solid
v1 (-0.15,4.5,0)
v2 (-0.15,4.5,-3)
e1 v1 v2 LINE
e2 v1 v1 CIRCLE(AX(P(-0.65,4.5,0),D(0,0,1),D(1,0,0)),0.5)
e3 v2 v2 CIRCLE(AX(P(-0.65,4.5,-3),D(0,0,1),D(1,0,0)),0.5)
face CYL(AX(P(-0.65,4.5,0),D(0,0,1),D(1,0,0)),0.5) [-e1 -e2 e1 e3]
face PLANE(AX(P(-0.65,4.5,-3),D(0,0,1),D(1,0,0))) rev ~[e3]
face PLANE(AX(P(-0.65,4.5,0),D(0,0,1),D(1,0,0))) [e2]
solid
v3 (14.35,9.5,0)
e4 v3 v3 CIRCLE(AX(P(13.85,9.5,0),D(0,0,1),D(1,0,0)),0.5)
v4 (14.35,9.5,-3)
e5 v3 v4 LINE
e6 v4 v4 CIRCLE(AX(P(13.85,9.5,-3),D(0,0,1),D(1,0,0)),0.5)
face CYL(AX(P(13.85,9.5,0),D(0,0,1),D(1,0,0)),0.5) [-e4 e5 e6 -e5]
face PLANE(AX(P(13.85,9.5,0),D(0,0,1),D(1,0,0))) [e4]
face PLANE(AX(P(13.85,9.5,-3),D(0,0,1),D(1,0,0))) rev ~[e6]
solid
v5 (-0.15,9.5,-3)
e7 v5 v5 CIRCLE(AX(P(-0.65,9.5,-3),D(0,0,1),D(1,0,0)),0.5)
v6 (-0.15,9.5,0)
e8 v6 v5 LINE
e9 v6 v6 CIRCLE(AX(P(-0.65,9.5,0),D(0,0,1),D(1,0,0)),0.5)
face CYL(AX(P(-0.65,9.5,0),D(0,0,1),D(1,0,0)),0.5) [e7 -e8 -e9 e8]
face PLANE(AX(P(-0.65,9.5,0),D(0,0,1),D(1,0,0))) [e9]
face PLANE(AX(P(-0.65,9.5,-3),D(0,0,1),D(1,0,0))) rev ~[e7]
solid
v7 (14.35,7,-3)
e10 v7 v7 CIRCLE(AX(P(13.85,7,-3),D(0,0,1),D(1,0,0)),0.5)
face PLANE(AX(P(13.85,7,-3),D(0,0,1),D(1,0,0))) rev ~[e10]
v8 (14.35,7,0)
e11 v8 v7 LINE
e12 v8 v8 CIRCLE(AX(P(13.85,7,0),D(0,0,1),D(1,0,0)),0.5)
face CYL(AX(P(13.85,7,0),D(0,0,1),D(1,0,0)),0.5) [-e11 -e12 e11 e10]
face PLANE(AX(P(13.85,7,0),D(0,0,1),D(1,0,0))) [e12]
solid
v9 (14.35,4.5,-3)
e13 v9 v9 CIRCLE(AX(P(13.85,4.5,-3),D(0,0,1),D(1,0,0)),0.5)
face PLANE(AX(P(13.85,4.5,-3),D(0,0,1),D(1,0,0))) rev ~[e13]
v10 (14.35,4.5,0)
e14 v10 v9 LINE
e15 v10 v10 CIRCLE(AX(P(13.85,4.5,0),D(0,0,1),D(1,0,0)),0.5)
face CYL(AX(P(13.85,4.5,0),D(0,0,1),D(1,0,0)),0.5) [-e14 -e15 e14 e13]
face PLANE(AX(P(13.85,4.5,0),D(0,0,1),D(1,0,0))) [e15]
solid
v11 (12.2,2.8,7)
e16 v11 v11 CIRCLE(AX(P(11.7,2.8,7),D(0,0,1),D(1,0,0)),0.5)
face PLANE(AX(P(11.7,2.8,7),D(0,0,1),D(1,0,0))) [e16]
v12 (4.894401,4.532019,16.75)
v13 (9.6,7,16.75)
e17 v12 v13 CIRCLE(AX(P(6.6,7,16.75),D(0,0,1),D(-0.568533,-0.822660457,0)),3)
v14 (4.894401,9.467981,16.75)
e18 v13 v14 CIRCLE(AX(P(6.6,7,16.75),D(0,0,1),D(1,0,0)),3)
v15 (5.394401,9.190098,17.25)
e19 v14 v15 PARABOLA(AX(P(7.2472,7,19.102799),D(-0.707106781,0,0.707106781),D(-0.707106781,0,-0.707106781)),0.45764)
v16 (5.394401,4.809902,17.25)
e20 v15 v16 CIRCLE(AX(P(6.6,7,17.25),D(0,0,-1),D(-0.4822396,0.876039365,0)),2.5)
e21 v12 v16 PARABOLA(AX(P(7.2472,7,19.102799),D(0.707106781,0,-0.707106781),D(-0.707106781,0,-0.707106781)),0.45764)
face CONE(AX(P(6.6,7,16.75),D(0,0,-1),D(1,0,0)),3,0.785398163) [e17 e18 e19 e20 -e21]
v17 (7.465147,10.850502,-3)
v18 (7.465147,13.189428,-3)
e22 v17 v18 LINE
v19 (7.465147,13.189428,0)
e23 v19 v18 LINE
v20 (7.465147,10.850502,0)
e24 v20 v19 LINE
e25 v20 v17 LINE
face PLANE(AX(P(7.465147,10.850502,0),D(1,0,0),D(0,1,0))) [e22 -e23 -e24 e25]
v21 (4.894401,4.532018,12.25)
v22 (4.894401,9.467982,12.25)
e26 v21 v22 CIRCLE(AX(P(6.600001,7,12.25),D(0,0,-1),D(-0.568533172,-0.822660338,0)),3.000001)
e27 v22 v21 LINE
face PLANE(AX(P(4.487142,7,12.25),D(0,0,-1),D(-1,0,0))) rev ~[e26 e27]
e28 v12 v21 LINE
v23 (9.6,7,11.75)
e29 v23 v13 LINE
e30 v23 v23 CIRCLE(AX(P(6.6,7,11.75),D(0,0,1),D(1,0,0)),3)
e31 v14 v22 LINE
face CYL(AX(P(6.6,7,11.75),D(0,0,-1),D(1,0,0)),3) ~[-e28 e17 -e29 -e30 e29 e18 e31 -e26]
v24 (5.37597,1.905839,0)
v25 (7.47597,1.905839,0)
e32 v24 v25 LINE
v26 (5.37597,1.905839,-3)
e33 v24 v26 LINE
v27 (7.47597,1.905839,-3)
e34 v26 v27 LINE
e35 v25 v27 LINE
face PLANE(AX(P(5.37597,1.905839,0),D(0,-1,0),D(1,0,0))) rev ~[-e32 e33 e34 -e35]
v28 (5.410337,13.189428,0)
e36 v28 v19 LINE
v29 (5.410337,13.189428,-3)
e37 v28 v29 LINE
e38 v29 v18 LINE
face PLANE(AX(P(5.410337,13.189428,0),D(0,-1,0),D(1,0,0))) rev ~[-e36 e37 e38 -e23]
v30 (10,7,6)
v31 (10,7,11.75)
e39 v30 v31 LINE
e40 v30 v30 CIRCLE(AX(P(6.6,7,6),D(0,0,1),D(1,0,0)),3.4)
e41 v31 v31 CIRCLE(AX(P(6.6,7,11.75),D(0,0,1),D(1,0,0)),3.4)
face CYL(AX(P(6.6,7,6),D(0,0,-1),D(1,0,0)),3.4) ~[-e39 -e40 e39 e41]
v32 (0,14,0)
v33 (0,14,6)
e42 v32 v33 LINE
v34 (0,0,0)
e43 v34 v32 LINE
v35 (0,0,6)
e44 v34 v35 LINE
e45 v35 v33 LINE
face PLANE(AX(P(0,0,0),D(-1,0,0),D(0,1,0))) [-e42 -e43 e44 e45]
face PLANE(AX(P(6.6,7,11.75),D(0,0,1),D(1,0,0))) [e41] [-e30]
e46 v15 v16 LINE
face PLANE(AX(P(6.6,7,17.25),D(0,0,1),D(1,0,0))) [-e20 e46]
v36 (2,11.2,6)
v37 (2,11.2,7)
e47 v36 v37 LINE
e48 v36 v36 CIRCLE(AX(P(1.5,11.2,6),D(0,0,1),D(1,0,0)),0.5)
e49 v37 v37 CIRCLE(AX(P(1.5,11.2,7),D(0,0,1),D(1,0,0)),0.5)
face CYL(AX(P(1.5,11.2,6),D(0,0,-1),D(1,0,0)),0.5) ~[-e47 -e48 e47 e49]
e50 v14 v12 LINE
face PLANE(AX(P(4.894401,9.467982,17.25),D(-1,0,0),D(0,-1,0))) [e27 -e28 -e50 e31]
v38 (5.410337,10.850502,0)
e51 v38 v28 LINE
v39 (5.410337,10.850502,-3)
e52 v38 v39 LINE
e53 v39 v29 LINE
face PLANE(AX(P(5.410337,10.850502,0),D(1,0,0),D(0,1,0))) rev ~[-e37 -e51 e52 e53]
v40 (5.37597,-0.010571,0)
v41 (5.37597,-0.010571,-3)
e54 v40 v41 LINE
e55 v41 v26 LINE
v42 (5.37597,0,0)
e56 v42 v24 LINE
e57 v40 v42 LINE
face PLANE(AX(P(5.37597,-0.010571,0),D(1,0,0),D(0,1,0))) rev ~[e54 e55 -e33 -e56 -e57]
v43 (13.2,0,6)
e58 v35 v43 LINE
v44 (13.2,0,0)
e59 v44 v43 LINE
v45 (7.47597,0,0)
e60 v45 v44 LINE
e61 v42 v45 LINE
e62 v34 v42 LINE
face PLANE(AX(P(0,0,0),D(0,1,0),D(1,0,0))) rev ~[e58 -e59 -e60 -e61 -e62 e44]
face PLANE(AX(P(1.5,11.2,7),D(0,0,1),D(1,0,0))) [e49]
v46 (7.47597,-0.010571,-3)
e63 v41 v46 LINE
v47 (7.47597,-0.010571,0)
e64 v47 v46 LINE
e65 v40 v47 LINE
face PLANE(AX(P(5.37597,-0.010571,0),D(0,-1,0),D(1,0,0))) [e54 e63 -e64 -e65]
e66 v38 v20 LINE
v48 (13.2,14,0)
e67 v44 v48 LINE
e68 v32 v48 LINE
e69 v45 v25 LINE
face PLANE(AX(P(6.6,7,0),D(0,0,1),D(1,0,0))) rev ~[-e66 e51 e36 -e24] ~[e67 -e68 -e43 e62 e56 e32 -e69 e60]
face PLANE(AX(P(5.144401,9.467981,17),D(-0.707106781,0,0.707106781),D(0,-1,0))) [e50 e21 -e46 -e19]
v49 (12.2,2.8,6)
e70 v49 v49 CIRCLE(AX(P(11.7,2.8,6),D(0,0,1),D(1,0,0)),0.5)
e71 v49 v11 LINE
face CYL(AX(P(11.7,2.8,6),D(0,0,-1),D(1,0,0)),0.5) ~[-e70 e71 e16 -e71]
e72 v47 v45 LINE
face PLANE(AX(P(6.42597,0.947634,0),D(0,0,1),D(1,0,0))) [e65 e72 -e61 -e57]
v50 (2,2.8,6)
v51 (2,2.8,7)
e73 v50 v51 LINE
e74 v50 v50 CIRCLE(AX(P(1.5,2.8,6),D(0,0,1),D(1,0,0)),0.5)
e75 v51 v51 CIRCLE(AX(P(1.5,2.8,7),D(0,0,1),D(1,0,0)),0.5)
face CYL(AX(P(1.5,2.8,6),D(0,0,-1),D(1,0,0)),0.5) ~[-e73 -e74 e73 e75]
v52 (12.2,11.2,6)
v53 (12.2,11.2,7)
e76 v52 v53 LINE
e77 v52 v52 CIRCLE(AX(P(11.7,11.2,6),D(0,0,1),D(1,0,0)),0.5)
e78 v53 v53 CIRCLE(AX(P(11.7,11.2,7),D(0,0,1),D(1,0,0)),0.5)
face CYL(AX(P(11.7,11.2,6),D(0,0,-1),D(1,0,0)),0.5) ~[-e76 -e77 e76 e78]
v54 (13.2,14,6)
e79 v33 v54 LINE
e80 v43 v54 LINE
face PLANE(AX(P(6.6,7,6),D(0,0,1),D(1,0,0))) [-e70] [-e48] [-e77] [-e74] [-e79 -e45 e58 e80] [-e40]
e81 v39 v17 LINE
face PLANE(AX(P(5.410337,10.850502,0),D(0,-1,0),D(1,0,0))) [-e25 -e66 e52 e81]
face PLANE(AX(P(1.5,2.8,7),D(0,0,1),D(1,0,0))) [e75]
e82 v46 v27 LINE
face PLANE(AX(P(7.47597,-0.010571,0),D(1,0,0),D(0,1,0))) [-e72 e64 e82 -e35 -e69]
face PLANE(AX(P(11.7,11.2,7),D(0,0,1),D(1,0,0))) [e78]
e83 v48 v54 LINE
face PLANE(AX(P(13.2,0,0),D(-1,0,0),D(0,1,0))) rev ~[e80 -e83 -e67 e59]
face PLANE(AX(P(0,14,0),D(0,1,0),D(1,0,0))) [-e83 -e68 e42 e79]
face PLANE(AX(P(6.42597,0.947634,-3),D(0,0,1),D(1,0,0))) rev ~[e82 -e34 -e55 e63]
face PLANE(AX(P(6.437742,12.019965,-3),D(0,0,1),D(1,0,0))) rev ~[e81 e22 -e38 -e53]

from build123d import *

# Parameters (mm, degrees)
SKETCH005_R   = 0.5
SKETCH005_W   = 2.1
SKETCH005_H   = 1.916411
SKETCH005_W_2 = 2.05481
SKETCH005_H_2 = 2.338926
PAD004_DEPTH  = 3
SKETCH_W      = 13.2
SKETCH_H      = 14
PAD_DEPTH     = 6
SKETCH001_R   = 3.4
PAD001_DEPTH  = 5.75
SKETCH002_R   = 3
PAD002_DEPTH  = 5.5
POCKET_DEPTH  = 5
CHAMFER_SIZE  = 0.5
SKETCH004_R   = 0.5
PAD003_DEPTH  = 1


with BuildPart() as pad004:
    # Sketch005 → Pad004 (new body)
    with BuildSketch(Plane(origin=(-0.65, 4.5, 0), x_dir=(1, 0, 0), z_dir=(0, 0, 1))):
        Circle(SKETCH005_R)
        with Locations((14.5, 0)):
            Circle(SKETCH005_R)
        with Locations((14.5, 5)):
            Circle(SKETCH005_R)
        with Locations((0, 5)):
            Circle(SKETCH005_R)
        with Locations((14.5, 2.5)):
            Circle(SKETCH005_R)
        with Locations((7.07597, -3.552366)):
            Rectangle(SKETCH005_W, SKETCH005_H)
        with Locations((7.087742, 7.519965)):
            Rectangle(SKETCH005_W_2, SKETCH005_H_2)
    extrude(amount=-PAD004_DEPTH)


with BuildPart() as fusion:
    # Sketch → Pad (new body)
    with BuildSketch(Plane.XY):
        with Locations((6.6, 7)):
            Rectangle(SKETCH_W, SKETCH_H)
    extrude(amount=PAD_DEPTH)

    # Sketch001 → Pad001 (new body)
    with BuildSketch(Plane.XY.offset(6)):
        with Locations((6.6, 7)):
            Circle(SKETCH001_R)
    extrude(amount=PAD001_DEPTH)

    # Sketch002 → Pad002 (new body)
    with BuildSketch(Plane.XY.offset(11.75)):
        with Locations((6.6, 7)):
            Circle(SKETCH002_R)
    extrude(amount=PAD002_DEPTH)

    # Sketch003 → Pocket (cut)
    with BuildSketch(Plane.XY.offset(17.25)):
        with BuildLine():
            Line((4.894401, 9.467982), (4.894401, 4.532018))
            ThreePointArc((4.894401, 9.467982), (3.6, 7), (4.894401, 4.532018))
        make_face()
    extrude(amount=-POCKET_DEPTH, mode=Mode.SUBTRACT)

    # Chamfer
    chamfer_edges = [fusion.edges().sort_by_distance(p)[0] for p in [
        (7.993414, 9.656765, 17.25),
        (7.993414, 4.343235, 17.25),
        (4.894401, 7, 17.25),
    ]]
    chamfer(chamfer_edges, length=CHAMFER_SIZE)

    # Sketch004 → Pad003 (new body)
    with BuildSketch(Plane.XY.offset(6)):
        with Locations((1.5, 11.2)):
            Circle(SKETCH004_R)
        with Locations((1.5, 2.8)):
            Circle(SKETCH004_R)
        with Locations((11.7, 11.2)):
            Circle(SKETCH004_R)
        with Locations((11.7, 2.8)):
            Circle(SKETCH004_R)
    extrude(amount=PAD003_DEPTH)

    # Fusion: union Pad004
    add(pad004.part)


solid = fusion.part
